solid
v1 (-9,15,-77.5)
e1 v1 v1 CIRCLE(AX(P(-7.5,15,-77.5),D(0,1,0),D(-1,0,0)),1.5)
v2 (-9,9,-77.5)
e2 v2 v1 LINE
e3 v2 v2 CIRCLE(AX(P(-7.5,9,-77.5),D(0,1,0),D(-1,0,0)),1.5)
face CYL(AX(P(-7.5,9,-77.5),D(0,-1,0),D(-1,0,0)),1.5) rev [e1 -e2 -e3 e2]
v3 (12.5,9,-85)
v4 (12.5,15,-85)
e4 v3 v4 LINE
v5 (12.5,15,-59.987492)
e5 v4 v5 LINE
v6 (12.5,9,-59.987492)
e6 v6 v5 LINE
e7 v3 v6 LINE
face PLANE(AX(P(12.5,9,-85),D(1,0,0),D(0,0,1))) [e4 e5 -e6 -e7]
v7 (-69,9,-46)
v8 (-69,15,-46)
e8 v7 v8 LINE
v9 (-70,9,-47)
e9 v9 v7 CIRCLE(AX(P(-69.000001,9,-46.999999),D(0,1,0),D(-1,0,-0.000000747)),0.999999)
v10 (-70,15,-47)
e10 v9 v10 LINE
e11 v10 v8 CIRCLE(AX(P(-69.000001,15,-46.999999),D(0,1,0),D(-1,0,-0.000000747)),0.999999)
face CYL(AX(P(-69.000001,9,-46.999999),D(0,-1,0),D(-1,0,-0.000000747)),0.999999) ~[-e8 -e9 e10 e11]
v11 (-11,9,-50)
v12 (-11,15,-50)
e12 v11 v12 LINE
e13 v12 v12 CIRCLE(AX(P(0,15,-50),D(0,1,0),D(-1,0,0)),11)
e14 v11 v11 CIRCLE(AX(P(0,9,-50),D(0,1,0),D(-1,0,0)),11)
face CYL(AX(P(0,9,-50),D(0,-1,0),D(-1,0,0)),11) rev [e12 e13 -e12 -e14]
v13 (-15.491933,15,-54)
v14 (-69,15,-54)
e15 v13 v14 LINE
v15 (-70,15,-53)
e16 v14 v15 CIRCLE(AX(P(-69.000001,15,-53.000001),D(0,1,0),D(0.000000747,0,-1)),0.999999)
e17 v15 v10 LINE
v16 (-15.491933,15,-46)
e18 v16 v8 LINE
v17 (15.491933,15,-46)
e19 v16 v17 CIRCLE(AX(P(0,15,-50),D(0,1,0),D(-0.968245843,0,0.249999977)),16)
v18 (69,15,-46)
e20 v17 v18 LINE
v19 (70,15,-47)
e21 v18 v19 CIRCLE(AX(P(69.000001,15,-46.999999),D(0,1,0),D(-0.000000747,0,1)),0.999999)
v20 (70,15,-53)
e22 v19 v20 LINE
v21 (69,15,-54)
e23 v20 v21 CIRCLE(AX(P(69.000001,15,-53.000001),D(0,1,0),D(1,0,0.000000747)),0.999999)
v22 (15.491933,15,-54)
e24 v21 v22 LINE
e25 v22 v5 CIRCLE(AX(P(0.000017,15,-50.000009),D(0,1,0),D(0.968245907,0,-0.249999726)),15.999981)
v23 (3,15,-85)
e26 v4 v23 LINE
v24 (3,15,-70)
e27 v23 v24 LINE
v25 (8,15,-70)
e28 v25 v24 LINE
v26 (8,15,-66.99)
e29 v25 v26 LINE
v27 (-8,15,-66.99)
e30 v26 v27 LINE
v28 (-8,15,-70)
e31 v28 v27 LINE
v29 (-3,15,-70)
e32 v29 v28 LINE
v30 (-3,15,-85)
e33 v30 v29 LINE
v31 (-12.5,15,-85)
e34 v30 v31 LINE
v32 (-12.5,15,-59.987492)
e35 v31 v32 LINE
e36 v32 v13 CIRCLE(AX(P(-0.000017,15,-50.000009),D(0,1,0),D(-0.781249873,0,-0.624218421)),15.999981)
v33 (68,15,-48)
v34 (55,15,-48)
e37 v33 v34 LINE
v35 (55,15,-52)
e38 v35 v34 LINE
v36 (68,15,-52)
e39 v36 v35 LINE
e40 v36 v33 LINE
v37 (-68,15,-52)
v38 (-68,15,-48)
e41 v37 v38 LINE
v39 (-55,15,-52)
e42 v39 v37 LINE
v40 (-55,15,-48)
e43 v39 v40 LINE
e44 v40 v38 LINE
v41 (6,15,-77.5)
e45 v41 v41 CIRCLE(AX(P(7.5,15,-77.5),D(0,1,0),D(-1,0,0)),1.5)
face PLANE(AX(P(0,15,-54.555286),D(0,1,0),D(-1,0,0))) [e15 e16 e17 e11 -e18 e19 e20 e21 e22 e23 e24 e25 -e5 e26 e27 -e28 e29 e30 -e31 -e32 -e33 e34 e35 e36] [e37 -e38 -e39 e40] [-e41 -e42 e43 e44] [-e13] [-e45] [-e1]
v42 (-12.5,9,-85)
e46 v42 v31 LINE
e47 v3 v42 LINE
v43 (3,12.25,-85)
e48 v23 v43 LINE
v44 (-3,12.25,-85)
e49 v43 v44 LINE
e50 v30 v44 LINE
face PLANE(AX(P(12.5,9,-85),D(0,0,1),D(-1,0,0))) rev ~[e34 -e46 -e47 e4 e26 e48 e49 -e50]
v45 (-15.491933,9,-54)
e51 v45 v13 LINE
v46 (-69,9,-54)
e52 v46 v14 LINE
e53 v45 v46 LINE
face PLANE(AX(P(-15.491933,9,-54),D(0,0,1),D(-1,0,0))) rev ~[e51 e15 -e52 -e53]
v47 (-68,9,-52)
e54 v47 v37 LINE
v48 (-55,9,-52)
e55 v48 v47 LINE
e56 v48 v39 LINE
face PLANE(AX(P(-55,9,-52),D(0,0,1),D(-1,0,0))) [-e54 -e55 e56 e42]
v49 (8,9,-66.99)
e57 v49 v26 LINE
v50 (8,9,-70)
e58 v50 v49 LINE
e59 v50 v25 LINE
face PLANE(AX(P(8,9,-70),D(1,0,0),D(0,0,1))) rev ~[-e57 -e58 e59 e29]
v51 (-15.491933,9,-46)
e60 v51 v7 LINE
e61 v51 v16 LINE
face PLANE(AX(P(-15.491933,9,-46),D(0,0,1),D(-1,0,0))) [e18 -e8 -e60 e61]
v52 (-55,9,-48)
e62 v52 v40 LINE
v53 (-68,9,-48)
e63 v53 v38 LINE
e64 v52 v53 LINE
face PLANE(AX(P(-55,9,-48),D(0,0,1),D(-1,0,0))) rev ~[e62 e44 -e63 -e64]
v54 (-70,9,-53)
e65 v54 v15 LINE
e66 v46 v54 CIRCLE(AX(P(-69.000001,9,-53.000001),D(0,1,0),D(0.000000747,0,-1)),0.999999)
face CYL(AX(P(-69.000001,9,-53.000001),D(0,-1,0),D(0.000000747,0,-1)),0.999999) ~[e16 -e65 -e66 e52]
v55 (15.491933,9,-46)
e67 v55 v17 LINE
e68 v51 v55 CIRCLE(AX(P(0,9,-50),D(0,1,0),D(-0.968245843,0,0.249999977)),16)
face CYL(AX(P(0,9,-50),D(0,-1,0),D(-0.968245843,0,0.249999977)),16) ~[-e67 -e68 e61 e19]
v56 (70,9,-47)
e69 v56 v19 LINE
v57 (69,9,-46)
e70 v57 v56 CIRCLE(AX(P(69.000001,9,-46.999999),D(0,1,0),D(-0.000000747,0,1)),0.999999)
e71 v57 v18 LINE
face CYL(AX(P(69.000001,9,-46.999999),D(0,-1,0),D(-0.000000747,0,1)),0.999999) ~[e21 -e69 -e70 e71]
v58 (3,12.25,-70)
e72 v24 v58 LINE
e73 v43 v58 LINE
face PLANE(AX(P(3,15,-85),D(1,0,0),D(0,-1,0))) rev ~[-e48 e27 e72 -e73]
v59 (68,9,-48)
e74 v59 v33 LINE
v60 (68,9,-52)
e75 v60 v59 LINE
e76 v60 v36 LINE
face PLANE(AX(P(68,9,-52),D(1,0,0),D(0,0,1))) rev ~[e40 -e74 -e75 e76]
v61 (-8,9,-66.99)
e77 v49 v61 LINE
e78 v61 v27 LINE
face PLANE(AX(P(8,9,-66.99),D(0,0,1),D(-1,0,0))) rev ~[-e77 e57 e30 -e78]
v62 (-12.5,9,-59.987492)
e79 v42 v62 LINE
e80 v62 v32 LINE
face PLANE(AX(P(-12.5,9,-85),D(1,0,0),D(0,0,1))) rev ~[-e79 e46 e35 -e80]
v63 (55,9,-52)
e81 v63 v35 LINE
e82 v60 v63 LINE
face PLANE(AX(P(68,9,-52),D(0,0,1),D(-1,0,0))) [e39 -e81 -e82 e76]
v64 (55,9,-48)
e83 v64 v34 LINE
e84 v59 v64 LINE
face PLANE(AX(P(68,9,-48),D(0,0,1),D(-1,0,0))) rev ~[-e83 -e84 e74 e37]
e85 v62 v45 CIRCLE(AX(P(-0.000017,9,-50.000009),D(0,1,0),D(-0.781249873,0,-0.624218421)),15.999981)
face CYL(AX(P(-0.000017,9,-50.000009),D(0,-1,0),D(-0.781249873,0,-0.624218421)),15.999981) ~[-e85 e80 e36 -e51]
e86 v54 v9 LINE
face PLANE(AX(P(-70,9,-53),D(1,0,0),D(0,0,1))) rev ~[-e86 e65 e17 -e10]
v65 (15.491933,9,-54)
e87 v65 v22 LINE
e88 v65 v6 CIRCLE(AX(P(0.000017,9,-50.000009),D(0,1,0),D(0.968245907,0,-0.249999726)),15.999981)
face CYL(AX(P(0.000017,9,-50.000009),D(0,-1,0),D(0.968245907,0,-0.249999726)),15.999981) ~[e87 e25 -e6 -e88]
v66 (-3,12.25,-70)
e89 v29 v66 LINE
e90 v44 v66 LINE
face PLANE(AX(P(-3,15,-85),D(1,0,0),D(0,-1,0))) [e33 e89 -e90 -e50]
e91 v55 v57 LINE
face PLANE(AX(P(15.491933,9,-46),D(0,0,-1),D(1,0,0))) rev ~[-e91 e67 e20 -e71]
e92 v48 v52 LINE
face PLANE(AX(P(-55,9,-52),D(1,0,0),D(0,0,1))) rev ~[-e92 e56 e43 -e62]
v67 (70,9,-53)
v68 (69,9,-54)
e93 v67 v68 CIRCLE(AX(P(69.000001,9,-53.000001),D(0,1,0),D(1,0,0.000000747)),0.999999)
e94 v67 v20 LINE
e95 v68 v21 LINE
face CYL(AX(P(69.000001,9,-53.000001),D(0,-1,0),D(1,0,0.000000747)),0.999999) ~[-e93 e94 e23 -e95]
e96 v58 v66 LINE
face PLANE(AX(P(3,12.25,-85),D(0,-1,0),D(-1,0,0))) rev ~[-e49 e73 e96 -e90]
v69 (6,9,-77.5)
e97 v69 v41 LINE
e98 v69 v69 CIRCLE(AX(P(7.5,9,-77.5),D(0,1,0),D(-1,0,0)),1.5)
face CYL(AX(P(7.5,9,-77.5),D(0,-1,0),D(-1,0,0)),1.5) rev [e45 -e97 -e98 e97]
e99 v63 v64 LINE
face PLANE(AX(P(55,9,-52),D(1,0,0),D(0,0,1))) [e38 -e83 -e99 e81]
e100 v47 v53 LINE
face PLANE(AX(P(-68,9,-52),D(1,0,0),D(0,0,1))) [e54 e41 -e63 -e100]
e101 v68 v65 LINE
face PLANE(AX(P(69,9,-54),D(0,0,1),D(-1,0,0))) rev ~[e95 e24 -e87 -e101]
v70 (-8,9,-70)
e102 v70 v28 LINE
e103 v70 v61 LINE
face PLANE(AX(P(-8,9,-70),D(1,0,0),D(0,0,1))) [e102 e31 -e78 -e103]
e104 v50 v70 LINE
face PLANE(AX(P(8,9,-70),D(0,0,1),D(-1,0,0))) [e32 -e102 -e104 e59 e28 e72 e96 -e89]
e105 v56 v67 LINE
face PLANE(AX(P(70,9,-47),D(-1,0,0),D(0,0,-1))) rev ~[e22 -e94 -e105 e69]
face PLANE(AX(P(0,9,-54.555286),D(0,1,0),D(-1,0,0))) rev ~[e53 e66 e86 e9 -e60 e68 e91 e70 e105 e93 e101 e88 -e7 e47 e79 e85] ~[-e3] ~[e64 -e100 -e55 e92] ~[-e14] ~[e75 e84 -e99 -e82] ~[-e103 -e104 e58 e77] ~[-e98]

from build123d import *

# Parameters (mm, degrees)
BOX004_W                     = 6
BOX004_H                     = 2.75
BOX004_DEPTH                 = 15
SKETCH023_R                  = 11
SKETCH023_R_2                = 1.5
SKETCH023_W                  = 13
SKETCH023_H                  = 4
SKETCH023_W_2                = 16
SKETCH023_H_2                = 3.01
EXTRUDE015_DEPTH             = 6
CUT002002009_PLACEMENT_ANGLE = 180


with BuildPart() as pendulumclampslot:
    # Box004 → Box004 (new body)
    with BuildSketch(Plane(origin=(-3, 15, -85), x_dir=(1, 0, 0), z_dir=(0, 0, 1))):
        with Locations((3, 1.375)):
            Rectangle(BOX004_W, BOX004_H)
    extrude(amount=BOX004_DEPTH)


with BuildPart() as pendulumclampfront:
    # Sketch023 → Extrude015 (new body)
    with BuildSketch(Plane(origin=(0, 21, -50), x_dir=(1, 0, 0), z_dir=(0, -1, 0))):
        with BuildLine():
            ThreePointArc((-15.491933, -4), (-14.312568, -7.151951), (-12.5, -9.987492))
            Line((-12.5, -35), (-12.5, -9.987492))
            Line((-12.5, -35), (12.5, -35))
            Line((12.5, -35), (12.5, -9.987492))
            ThreePointArc((12.5, -9.987492), (14.312568, -7.151951), (15.491933, -4))
            Line((15.491933, -4), (69, -4))
            ThreePointArc((69, -4), (69.707107, -3.707107), (70, -3))
            Line((70, -3), (70, 3))
            ThreePointArc((70, 3), (69.707107, 3.707107), (69, 4))
            Line((15.491933, 4), (69, 4))
            ThreePointArc((15.491933, 4), (0, 16), (-15.491933, 4))
            Line((-15.491933, 4), (-69, 4))
            ThreePointArc((-69, 4), (-69.707107, 3.707107), (-70, 3))
            Line((-70, 3), (-70, -3))
            ThreePointArc((-70, -3), (-69.707107, -3.707107), (-69, -4))
            Line((-69, -4), (-15.491933, -4))
        make_face()
        Circle(SKETCH023_R, mode=Mode.SUBTRACT)
        with Locations((-7.5, -27.5)):
            Circle(SKETCH023_R_2, mode=Mode.SUBTRACT)
        with Locations((7.5, -27.5)):
            Circle(SKETCH023_R_2, mode=Mode.SUBTRACT)
        with Locations((-61.5, 0)):
            Rectangle(SKETCH023_W, SKETCH023_H, mode=Mode.SUBTRACT)
        with Locations((61.5, 0)):
            Rectangle(SKETCH023_W, SKETCH023_H, mode=Mode.SUBTRACT)
        with Locations((0, -18.495)):
            Rectangle(SKETCH023_W_2, SKETCH023_H_2, mode=Mode.SUBTRACT)
    extrude(amount=EXTRUDE015_DEPTH)

    # Cut002002009: cut PendulumClampSlot
    add(pendulumclampslot.part, mode=Mode.SUBTRACT)


with BuildPart() as pendulumclampfront_1:
    # Cut002002009 placement: moved
    add(pendulumclampfront.part.moved(Location((0, 30, 0))).rotate(Axis((0, 30, 0), (0, 0, 1)), CUT002002009_PLACEMENT_ANGLE))


solid = pendulumclampfront_1.part
